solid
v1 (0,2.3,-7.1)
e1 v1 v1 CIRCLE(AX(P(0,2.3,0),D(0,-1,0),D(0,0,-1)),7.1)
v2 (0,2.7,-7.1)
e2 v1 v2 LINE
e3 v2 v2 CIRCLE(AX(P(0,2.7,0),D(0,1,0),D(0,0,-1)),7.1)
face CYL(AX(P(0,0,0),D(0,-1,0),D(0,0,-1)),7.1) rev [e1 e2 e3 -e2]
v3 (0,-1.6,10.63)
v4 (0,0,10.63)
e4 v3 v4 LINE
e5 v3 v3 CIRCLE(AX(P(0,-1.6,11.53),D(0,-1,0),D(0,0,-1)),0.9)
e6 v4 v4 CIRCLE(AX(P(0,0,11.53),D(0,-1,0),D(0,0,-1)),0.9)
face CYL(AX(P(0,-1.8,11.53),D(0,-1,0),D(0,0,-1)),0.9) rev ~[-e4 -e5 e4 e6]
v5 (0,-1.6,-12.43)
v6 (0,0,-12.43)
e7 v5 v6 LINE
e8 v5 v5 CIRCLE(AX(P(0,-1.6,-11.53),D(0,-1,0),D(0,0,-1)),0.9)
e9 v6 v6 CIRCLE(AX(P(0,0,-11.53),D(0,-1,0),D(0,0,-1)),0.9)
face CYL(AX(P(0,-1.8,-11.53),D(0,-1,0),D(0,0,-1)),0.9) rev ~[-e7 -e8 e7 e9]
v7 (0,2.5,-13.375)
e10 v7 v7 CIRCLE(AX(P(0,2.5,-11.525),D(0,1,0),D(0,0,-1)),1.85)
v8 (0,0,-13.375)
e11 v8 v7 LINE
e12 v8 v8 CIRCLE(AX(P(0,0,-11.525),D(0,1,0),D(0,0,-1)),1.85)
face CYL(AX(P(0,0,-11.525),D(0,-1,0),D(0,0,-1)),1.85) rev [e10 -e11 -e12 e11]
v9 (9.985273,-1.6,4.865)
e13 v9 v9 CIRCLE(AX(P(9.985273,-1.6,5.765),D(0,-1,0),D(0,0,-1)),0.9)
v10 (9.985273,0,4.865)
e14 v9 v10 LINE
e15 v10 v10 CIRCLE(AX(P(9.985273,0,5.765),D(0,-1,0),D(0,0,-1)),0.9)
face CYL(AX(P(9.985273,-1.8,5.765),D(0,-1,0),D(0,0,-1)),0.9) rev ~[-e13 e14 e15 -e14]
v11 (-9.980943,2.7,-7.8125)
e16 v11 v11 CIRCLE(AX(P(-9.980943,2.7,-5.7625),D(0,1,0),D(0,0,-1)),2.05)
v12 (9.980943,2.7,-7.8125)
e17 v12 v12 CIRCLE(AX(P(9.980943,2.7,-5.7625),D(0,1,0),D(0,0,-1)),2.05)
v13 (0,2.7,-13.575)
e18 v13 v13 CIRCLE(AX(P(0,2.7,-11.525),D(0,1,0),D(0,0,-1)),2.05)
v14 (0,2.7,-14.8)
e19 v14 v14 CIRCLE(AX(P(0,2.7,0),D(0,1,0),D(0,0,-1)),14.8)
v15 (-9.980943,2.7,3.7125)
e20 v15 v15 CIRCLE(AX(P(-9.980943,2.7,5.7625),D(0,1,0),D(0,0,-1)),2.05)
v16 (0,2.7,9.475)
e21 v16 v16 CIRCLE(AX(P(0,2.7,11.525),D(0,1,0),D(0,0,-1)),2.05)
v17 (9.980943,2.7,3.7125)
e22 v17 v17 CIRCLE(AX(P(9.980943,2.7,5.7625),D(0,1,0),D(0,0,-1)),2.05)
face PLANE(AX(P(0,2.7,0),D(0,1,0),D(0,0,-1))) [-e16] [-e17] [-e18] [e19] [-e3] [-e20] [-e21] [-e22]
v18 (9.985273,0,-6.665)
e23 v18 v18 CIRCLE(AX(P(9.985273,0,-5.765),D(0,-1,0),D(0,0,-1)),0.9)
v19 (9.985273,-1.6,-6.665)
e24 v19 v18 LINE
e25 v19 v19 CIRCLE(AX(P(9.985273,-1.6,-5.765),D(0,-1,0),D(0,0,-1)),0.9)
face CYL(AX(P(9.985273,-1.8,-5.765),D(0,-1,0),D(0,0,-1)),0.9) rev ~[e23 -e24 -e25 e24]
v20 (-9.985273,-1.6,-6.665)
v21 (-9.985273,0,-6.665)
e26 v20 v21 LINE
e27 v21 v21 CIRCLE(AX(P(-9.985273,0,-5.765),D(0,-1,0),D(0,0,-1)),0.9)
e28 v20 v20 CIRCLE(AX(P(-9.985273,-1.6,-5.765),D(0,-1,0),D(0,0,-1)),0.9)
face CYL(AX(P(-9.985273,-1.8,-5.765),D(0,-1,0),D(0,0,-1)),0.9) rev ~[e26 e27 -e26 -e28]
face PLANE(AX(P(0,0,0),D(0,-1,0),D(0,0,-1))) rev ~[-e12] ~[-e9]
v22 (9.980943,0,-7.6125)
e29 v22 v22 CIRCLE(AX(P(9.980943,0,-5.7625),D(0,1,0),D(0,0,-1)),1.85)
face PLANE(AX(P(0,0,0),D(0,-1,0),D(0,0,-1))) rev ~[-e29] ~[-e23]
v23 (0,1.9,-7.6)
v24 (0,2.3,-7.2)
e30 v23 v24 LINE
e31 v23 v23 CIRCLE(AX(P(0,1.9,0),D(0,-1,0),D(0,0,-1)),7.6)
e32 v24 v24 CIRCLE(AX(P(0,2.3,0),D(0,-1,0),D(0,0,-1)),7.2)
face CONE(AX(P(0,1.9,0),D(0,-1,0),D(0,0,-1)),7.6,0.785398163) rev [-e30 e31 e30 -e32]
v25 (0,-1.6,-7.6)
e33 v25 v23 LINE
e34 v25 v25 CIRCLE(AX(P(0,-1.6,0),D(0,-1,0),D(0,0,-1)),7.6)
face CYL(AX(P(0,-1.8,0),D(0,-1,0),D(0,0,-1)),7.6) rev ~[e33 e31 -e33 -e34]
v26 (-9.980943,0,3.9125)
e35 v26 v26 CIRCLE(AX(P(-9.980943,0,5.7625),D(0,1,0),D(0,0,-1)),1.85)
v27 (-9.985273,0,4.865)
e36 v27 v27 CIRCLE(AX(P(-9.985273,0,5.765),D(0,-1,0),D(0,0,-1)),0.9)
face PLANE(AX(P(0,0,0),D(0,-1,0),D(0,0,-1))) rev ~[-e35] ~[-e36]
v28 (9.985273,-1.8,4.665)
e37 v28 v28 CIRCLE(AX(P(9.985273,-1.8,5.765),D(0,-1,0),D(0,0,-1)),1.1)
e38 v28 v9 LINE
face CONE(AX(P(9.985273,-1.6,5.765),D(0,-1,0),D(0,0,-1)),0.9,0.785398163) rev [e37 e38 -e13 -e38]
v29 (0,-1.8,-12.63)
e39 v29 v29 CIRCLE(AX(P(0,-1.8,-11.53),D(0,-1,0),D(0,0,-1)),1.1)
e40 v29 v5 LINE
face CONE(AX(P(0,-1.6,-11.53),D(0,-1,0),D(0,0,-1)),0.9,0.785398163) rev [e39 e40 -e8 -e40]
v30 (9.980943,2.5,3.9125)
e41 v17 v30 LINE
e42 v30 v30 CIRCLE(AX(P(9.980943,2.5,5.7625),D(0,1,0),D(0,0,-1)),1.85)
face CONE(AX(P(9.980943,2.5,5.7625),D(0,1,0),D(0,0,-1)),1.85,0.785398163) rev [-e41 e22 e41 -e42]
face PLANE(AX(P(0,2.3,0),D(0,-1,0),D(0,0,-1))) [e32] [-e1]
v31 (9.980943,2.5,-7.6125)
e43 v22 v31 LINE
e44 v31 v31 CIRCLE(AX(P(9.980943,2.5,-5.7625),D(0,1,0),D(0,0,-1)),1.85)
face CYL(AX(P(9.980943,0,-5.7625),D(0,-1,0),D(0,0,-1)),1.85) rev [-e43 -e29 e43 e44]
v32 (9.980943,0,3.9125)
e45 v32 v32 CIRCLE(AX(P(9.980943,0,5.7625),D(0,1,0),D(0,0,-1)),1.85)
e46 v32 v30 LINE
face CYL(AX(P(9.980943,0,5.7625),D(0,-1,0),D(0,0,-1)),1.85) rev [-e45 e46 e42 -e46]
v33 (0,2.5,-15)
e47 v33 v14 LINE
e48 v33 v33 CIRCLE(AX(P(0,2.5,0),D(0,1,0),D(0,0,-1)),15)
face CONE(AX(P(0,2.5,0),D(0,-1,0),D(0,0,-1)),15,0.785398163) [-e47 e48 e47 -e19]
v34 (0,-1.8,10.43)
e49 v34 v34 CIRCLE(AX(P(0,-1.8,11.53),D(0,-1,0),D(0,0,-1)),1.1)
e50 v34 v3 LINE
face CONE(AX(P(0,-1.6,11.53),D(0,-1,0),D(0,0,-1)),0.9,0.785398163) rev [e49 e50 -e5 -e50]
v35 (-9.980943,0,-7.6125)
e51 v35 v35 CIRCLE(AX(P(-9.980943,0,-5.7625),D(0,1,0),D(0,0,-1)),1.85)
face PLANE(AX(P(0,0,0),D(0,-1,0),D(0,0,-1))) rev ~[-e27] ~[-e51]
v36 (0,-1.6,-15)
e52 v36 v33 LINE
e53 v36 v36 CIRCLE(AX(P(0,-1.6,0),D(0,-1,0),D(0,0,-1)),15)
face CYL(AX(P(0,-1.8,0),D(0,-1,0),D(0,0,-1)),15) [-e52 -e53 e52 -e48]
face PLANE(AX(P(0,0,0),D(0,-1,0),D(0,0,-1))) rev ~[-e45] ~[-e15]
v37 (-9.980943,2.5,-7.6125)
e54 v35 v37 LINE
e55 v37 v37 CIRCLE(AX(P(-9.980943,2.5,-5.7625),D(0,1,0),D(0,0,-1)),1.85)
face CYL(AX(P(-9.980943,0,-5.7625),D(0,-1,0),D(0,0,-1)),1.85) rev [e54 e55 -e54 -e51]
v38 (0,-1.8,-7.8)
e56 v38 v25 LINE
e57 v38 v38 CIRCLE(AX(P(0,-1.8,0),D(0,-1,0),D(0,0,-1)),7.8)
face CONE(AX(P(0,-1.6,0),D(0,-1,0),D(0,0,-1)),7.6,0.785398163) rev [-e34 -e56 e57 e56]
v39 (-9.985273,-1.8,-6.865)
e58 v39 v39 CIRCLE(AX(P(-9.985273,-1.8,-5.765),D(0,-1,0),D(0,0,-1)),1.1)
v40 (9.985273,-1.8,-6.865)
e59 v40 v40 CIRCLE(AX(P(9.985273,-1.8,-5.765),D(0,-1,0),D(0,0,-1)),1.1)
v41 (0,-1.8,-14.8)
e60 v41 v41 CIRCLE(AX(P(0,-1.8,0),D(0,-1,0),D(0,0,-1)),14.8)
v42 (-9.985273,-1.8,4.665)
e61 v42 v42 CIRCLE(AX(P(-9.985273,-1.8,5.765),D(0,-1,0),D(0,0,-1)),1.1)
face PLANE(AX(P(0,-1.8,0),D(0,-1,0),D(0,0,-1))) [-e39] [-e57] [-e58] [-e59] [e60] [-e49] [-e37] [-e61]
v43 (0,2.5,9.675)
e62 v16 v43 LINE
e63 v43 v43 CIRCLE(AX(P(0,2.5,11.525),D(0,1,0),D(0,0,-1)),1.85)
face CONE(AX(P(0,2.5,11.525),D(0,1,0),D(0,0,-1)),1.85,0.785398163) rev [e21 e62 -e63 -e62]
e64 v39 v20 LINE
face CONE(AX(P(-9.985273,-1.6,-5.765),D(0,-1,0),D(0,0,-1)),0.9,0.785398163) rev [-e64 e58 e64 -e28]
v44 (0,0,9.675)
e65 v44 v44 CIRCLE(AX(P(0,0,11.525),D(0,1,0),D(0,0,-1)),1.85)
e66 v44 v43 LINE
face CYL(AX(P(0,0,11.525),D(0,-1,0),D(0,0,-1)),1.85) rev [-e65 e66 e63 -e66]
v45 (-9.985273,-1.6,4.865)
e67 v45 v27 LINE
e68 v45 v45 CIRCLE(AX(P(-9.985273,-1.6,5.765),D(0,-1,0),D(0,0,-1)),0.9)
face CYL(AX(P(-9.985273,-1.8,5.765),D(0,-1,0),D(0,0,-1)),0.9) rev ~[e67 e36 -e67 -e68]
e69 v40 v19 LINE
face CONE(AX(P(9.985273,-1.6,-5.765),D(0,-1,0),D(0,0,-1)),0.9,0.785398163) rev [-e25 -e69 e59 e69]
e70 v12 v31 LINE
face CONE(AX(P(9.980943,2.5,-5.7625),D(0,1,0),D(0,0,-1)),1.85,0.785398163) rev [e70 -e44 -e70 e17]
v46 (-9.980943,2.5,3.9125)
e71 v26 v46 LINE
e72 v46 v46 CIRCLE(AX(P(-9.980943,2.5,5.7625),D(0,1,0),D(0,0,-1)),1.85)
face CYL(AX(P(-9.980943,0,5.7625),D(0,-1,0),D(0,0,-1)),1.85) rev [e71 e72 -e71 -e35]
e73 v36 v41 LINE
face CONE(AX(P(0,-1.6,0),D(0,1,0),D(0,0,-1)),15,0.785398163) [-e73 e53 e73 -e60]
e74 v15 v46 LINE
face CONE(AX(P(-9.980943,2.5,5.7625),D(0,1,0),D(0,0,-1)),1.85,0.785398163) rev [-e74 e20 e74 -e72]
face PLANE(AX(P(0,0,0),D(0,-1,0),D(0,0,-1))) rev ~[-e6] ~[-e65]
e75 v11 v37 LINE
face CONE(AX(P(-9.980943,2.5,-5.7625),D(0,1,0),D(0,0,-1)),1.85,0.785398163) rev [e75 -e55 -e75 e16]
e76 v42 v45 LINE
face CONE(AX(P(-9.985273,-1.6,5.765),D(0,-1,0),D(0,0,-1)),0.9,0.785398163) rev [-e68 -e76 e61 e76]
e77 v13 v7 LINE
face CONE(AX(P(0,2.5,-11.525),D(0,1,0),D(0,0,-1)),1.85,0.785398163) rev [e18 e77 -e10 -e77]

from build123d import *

# Parameters (mm, degrees)
SKETCH_1_R          = 15
SKETCH_1_R_2        = 7.1
SKETCH_1_R_3        = 1.85
EXTRUDE_1_DEPTH     = 2.7
EXTRUDE_START       = 1.8
SKETCH_2_R          = 15
SKETCH_2_R_2        = 7.1
SKETCH_2_R_3        = 0.9
EXTRUDE_2_DEPTH     = 1.8
SKETCH_3_R          = 7.6
CUT_EXTRUDE_1_DEPTH = 4.1
CHAMFER_1_SIZE      = 0.2
CHAMFER_2_SIZE      = 0.4


with BuildPart() as part:
    # 草图1 → 凸台-拉伸1 (new body)
    with BuildSketch(Plane(origin=(0, 0, 0), x_dir=(1, 0, 0), z_dir=(0, 1, 0))):
        with Locations(Location((0, 0, 0), (0, 0, 90))):
            Circle(SKETCH_1_R)
        with Locations(Location((0, 0, 0), (0, 0, 90))):
            Circle(SKETCH_1_R_2, mode=Mode.SUBTRACT)
        with Locations(Location((0, 11.525, 0), (0, 0, 90))):
            Circle(SKETCH_1_R_3, mode=Mode.SUBTRACT)
        with Locations(Location((9.980942779, 5.7625, 0), (0, 0, 90))):
            Circle(SKETCH_1_R_3, mode=Mode.SUBTRACT)
        with Locations(Location((9.980942779, -5.7625, 0), (0, 0, 90))):
            Circle(SKETCH_1_R_3, mode=Mode.SUBTRACT)
        with Locations(Location((0, -11.525, 0), (0, 0, 90))):
            Circle(SKETCH_1_R_3, mode=Mode.SUBTRACT)
        with Locations(Location((-9.980942779, -5.7625, 0), (0, 0, 90))):
            Circle(SKETCH_1_R_3, mode=Mode.SUBTRACT)
        with Locations(Location((-9.980942779, 5.7625, 0), (0, 0, 90))):
            Circle(SKETCH_1_R_3, mode=Mode.SUBTRACT)
    extrude(amount=EXTRUDE_1_DEPTH)

    # 草图2 → 凸台-拉伸2 (add)
    with BuildSketch(Plane(origin=(0, 0, 0), x_dir=(-1, 0, 0), z_dir=(0, -1, 0)).offset(EXTRUDE_START)):
        with Locations(Location((0, 0, 0), (0, 0, 90))):
            Circle(SKETCH_2_R)
        with Locations(Location((0, 0, 0), (0, 0, 90))):
            Circle(SKETCH_2_R_2, mode=Mode.SUBTRACT)
        with Locations(Location((0, 11.53, 0), (0, 0, 90))):
            Circle(SKETCH_2_R_3, mode=Mode.SUBTRACT)
        with Locations(Location((9.985272906, 5.765, 0), (0, 0, 90))):
            Circle(SKETCH_2_R_3, mode=Mode.SUBTRACT)
        with Locations(Location((9.985272906, -5.765, 0), (0, 0, 90))):
            Circle(SKETCH_2_R_3, mode=Mode.SUBTRACT)
        with Locations(Location((0, -11.53, 0), (0, 0, 90))):
            Circle(SKETCH_2_R_3, mode=Mode.SUBTRACT)
        with Locations(Location((-9.985272906, -5.765, 0), (0, 0, 90))):
            Circle(SKETCH_2_R_3, mode=Mode.SUBTRACT)
        with Locations(Location((-9.985272906, 5.765, 0), (0, 0, 90))):
            Circle(SKETCH_2_R_3, mode=Mode.SUBTRACT)
    extrude(amount=-EXTRUDE_2_DEPTH)

    # 草图3 → 切除-拉伸1 (cut)
    with BuildSketch(Plane(origin=(0, -1.8, 0), x_dir=(-1, 0, 0), z_dir=(0, -1, 0))):
        with Locations(Location((0, 0, 0), (0, 0, 90))):
            Circle(SKETCH_3_R)
    extrude(amount=-CUT_EXTRUDE_1_DEPTH, mode=Mode.SUBTRACT)

    # 倒角1
    chamfer_1_edges = [part.edges().sort_by_distance(p)[0] for p in [
        (9.980942779, 2.7, -3.9125),
        (9.980942779, 2.7, 7.6125),
        (0, 2.7, 13.375),
        (-9.980942779, 2.7, 7.6125),
        (-9.980942779, 2.7, -3.9125),
        (0, -1.8, 15),
        (0, -1.8, -10.63),
        (-9.985272906, -1.8, -4.865),
        (-9.985272906, -1.8, 6.665),
        (0, -1.8, 12.43),
        (9.985272906, -1.8, 6.665),
        (9.985272906, -1.8, -4.865),
        (0, 2.7, 15),
        (0, -1.8, 7.6),
        (0, 2.7, -9.675),
    ]]
    chamfer(chamfer_1_edges, length=CHAMFER_1_SIZE)

    # 倒角2
    chamfer_2_edges = [part.edges().sort_by_distance(p)[0] for p in [
        (0, 2.3, 7.6),
    ]]
    chamfer(chamfer_2_edges, length=CHAMFER_2_SIZE)


solid = part.part
